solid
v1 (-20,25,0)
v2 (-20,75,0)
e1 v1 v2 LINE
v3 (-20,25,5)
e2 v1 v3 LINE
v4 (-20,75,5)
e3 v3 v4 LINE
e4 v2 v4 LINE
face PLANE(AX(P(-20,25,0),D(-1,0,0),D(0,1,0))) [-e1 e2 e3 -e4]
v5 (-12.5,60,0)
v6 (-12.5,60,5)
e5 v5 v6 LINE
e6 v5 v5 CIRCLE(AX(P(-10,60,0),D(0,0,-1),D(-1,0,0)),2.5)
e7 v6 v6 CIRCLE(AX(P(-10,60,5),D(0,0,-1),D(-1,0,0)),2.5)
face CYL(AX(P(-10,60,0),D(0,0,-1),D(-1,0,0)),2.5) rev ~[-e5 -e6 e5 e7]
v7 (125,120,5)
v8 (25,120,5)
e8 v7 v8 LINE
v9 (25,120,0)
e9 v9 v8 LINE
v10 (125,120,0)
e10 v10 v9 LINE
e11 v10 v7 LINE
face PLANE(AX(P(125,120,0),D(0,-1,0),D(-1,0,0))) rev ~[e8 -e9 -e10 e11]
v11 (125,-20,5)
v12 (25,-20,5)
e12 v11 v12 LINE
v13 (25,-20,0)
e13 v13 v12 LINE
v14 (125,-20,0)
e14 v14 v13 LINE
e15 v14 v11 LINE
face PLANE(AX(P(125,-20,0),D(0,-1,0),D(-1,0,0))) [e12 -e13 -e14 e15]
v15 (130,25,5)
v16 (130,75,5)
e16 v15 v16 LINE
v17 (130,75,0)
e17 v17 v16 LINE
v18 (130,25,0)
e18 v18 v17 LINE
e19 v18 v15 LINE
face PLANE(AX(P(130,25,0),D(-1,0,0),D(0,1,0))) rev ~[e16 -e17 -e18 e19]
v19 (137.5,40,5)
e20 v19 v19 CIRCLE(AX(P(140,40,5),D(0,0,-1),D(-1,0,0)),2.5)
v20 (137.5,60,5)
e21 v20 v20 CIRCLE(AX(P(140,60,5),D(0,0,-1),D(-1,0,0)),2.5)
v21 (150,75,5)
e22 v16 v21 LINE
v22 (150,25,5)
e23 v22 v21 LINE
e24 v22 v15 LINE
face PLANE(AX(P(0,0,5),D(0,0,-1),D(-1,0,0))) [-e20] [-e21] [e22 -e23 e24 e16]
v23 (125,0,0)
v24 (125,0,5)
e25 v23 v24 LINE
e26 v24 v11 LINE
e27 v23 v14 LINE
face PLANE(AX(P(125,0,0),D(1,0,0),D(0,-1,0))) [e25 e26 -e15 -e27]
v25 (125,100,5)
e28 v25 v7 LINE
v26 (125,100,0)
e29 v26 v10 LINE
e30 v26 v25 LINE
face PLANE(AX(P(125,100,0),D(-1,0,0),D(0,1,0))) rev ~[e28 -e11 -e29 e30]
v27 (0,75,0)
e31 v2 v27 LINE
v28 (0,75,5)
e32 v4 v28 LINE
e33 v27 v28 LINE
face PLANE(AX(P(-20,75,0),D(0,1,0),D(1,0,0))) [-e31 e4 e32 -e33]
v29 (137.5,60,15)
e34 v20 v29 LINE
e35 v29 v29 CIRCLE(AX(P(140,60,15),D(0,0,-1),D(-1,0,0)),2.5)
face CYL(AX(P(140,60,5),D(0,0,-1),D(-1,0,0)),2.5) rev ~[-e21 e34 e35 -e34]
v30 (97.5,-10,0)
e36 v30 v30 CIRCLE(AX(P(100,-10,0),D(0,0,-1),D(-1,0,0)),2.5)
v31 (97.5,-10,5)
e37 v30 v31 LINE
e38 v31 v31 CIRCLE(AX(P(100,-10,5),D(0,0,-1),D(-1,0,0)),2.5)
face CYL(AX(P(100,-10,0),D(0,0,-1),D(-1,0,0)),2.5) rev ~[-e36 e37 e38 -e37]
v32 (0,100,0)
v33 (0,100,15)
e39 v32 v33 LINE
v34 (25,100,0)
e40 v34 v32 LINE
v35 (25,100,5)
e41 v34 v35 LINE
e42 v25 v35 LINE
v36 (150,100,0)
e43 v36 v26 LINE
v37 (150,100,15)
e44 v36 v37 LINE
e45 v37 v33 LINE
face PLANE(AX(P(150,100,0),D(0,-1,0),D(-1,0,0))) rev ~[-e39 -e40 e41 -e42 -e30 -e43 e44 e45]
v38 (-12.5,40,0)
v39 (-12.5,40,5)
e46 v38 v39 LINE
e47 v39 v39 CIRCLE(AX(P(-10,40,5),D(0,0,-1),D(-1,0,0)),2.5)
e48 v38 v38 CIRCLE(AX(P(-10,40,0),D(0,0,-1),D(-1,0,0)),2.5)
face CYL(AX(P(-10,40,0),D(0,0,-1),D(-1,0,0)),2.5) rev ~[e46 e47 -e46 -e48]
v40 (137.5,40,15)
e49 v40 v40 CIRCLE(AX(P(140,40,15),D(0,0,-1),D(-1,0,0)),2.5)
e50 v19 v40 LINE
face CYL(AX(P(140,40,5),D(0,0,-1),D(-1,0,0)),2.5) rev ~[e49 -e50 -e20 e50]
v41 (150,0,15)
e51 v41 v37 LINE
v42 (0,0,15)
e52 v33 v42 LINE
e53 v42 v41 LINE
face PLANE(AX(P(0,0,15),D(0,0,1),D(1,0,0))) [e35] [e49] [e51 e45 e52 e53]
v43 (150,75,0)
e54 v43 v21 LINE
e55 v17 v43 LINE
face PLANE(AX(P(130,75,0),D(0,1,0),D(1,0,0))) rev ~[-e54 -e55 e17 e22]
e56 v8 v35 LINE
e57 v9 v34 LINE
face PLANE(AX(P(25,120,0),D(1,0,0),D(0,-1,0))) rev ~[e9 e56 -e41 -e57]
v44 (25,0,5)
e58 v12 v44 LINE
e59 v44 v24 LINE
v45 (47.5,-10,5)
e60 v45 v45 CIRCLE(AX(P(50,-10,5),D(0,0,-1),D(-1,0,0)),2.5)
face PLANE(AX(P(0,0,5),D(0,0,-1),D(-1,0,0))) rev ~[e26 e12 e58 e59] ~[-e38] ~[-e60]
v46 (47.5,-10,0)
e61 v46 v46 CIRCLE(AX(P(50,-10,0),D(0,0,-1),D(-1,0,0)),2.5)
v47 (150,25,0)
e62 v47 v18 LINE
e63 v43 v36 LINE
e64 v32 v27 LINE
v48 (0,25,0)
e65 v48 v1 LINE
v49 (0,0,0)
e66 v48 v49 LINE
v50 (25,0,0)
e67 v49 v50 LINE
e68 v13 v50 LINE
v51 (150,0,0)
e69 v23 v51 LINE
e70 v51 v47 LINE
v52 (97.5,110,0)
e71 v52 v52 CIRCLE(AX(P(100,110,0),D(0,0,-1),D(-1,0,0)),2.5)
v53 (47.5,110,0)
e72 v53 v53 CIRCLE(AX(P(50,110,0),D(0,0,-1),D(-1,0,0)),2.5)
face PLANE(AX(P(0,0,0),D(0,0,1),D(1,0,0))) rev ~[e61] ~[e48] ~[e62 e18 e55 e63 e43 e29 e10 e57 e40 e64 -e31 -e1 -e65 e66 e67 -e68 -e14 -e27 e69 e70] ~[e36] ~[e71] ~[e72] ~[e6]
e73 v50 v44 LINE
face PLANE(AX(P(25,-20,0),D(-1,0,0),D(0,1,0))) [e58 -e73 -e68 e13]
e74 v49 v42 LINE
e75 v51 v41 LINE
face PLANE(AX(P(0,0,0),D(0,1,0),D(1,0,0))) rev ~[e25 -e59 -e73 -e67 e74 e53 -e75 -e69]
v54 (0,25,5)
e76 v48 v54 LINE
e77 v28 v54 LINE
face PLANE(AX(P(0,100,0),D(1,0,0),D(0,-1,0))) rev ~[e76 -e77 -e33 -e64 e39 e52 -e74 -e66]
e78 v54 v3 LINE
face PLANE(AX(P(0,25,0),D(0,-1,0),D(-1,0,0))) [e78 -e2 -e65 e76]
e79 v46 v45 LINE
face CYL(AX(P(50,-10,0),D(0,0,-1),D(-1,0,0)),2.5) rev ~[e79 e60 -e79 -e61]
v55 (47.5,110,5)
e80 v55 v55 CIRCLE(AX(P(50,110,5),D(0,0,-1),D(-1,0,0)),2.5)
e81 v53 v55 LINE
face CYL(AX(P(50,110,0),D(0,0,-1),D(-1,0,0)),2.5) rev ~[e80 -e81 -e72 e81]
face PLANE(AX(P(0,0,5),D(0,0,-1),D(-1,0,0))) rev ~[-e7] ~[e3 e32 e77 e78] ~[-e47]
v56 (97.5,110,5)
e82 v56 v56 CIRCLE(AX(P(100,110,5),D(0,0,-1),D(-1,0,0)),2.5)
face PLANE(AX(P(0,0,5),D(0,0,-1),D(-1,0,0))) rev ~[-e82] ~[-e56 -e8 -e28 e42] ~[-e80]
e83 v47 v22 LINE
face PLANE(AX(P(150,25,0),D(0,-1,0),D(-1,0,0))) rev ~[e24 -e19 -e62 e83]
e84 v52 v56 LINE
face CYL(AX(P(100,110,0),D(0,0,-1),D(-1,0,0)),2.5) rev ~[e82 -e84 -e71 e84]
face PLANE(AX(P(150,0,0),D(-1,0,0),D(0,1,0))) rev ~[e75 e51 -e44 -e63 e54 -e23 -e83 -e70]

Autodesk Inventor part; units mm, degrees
ref_plane "YZ Plane" through (0, 0, 0) normal (1, 0, 0) x (0, 1, 0)
ref_plane "XZ Plane" through (0, 0, 0) normal (0, 1, 0) x (-1, 0, 0)
ref_plane "XY Plane" through (0, 0, 0) normal (0, 0, 1) x (1, 0, 0)
sketch "Sketch1" plane through (0, 0, 0) normal (0, 0, 1) x (1, 0, 0)
  line L0 (0, 0) -> (150, 0)
  line L1 (150, 0) -> (150, 100)
  line L2 (150, 100) -> (0, 100)
  line L3 (0, 100) -> (0, 0)
  dimension "d0" = 150
  dimension "d1" = 100
extrude "Extrusion1" add sketch "Sketch1" along normal blind 15
sketch "Sketch7" plane through (0, 0, 0) normal (0, 0, -1) x (-1, 0, 0)
  line L0 (0, 25) -> (20, 25)
  line L1 (20, 25) -> (20, 75)
  line L2 (20, 75) -> (0, 75)
  line L3 (0, 75) -> (0, 25)
  point P0 (0, 0)
  dimension "d27" = 20
  dimension "d28" = 50
  dimension "d29" = 25
extrude "Extrusion7" add sketch "Sketch7" against normal blind 5
sketch "Sketch8" plane through (0, 0, 0) normal (0, 0, -1) x (-1, 0, 0)
  line L0 (-25, 0) -> (-125, 0)
  line L1 (-125, 0) -> (-125, -20)
  line L2 (-125, -20) -> (-25, -20)
  line L3 (-25, -20) -> (-25, 0)
  line L4 (-150, 100) -> (0, 100) projected
  line L5 (-25, 100) -> (-125, 100)
  line L6 (-125, 100) -> (-125, 120)
  line L7 (-125, 120) -> (-25, 120)
  line L8 (-25, 120) -> (-25, 100)
  point P0 (0, 0)
  dimension "d32" = 100
  dimension "d33" = 20
  dimension "d34" = 25
  dimension "d37" = 100
  dimension "d38" = 20
extrude "Extrusion8" add sketch "Sketch8" against normal blind 5
sketch "Sketch9" plane through (0, 0, 0) normal (0, 0, -1) x (-1, 0, 0)
  circle A0 centre (-50, -10) radius 2.5
  circle A1 centre (-100, -10) radius 2.5
  line L0 (-25, -20) -> (-25, 0) projected
  line L1 (-125, 0) -> (-125, -20) projected
  line L2 (-25, 0) -> (-125, 0) projected
  circle A2 centre (-50, 110) radius 2.5
  circle A3 centre (-100, 110) radius 2.5
  line L3 (-125, 120) -> (-25, 120) projected
  circle A4 centre (10, 40) radius 2.5
  circle A5 centre (10, 60) radius 2.5
  line L4 (0, 75) -> (0, 25) projected
  line L5 (0, 25) -> (20, 25) projected
  line L6 (20, 75) -> (0, 75) projected
  point P0 (0, 0)
  dimension "d39" = 5
  dimension "d40" = 5
  dimension "d41" = 25
  dimension "d42" = 25
  dimension "d43" = 10
  dimension "d44" = 5
  dimension "d45" = 5
  dimension "d46" = 10
  dimension "d47" = 5
  dimension "d48" = 5
  dimension "d49" = 10
  dimension "d50" = 15
  dimension "d51" = 15
extrude "Extrusion9" cut sketch "Sketch9" against normal through all
thread "Thread1" size "M5x0.8" class "6H" standard "ANSI Metric M Profile" full length
thread "Thread2" size "M5x0.8" class "6H" standard "ANSI Metric M Profile" full length
thread "Thread3" size "M5x0.8" class "6H" standard "ANSI Metric M Profile" full length
thread "Thread4" size "M5x0.8" class "6H" standard "ANSI Metric M Profile" full length
thread "Thread5" size "M5x0.8" class "6H" standard "ANSI Metric M Profile" full length
thread "Thread6" size "M5x0.8" class "6H" standard "ANSI Metric M Profile" full length
sketch "Sketch10" plane through (0, 0, 0) normal (0, 0, -1) x (-1, 0, 0)
  line L0 (-150, 0) -> (-150, 100) projected
  line L1 (-150, 25) -> (-130, 25)
  line L2 (-130, 25) -> (-130, 75)
  line L3 (-130, 75) -> (-150, 75)
  line L4 (-150, 75) -> (-150, 25)
  circle A0 centre (10, 40) radius 2.5 projected
  circle A1 centre (-50, 110) radius 2.5 projected
  circle A2 centre (-50, -10) radius 2.5 projected
  circle A3 centre (-100, -10) radius 2.5 projected
  circle A4 centre (-100, 110) radius 2.5 projected
  circle A5 centre (10, 60) radius 2.5 projected
  line L5 (0, 0) -> (-25, 0) projected
  line L6 (0, 25) -> (0, 0) projected
  line L7 (0, 25) -> (20, 25) projected
  line L8 (20, 25) -> (20, 75) projected
  line L9 (20, 75) -> (0, 75) projected
  line L10 (0, 100) -> (0, 75) projected
  line L11 (-25, 100) -> (0, 100) projected
  line L12 (-25, 120) -> (-25, 100) projected
  line L13 (-125, 120) -> (-25, 120) projected
  line L14 (-125, 100) -> (-125, 120) projected
  line L15 (-150, 100) -> (-125, 100) projected
  line L16 (-150, 0) -> (-150, 100) projected
  line L17 (-125, 0) -> (-150, 0) projected
  line L18 (-125, 0) -> (-125, -20) projected
  line L19 (-125, -20) -> (-25, -20) projected
  line L20 (-25, -20) -> (-25, 0) projected
  dimension "d66" = 20
  dimension "d67" = 50
extrude "Extrusion10" cut sketch "Sketch10" against normal blind 5 contours L0 L3 L2 L1
sketch "Sketch11" plane through (0, 0, 5) normal (0, 0, -1) x (-1, 0, 0)
  circle A0 centre (-140, 60) radius 2.5
  circle A1 centre (-140, 40) radius 2.5
  line L0 (-130, 25) -> (-150, 25) projected
  line L1 (-150, 0) -> (-150, 25) projected
  line L2 (-125, 0) -> (-150, 0) projected
  line L3 (-125, 0) -> (-125, -20) projected
  line L4 (-125, -20) -> (-25, -20) projected
  line L5 (-25, -20) -> (-25, 0) projected
  line L6 (0, 0) -> (-25, 0) projected
  line L7 (0, 25) -> (0, 0) projected
  line L8 (0, 25) -> (20, 25) projected
  line L9 (20, 25) -> (20, 75) projected
  line L10 (20, 75) -> (0, 75) projected
  line L11 (0, 100) -> (0, 75) projected
  line L12 (-25, 100) -> (0, 100) projected
  line L13 (-25, 120) -> (-25, 100) projected
  line L14 (-125, 120) -> (-25, 120) projected
  line L15 (-125, 100) -> (-125, 120) projected
  line L16 (-150, 100) -> (-125, 100) projected
  line L17 (-150, 75) -> (-150, 100) projected
  line L18 (-150, 75) -> (-130, 75) projected
  line L19 (-130, 75) -> (-130, 25) projected
  circle A2 centre (10, 40) radius 2.5 projected
  circle A3 centre (-50, 110) radius 2.5 projected
  circle A4 centre (-50, -10) radius 2.5 projected
  circle A5 centre (-100, -10) radius 2.5 projected
  circle A6 centre (-100, 110) radius 2.5 projected
  circle A7 centre (10, 60) radius 2.5 projected
  line L20 (-150, 25) -> (-150, 75) projected
  dimension "d70" = 5
  dimension "d71" = 5
  dimension "d72" = 10
  dimension "d79" = 15
extrude "Extrusion11" cut sketch "Sketch11" against normal through all contours A0 | A1
thread "Thread7" size "M5x0.8" class "6H" standard "ANSI Metric M Profile" full length
thread "Thread8" size "M5x0.8" class "6H" standard "ANSI Metric M Profile" full length
properties part number "CP007" material "ABS Plastic"
